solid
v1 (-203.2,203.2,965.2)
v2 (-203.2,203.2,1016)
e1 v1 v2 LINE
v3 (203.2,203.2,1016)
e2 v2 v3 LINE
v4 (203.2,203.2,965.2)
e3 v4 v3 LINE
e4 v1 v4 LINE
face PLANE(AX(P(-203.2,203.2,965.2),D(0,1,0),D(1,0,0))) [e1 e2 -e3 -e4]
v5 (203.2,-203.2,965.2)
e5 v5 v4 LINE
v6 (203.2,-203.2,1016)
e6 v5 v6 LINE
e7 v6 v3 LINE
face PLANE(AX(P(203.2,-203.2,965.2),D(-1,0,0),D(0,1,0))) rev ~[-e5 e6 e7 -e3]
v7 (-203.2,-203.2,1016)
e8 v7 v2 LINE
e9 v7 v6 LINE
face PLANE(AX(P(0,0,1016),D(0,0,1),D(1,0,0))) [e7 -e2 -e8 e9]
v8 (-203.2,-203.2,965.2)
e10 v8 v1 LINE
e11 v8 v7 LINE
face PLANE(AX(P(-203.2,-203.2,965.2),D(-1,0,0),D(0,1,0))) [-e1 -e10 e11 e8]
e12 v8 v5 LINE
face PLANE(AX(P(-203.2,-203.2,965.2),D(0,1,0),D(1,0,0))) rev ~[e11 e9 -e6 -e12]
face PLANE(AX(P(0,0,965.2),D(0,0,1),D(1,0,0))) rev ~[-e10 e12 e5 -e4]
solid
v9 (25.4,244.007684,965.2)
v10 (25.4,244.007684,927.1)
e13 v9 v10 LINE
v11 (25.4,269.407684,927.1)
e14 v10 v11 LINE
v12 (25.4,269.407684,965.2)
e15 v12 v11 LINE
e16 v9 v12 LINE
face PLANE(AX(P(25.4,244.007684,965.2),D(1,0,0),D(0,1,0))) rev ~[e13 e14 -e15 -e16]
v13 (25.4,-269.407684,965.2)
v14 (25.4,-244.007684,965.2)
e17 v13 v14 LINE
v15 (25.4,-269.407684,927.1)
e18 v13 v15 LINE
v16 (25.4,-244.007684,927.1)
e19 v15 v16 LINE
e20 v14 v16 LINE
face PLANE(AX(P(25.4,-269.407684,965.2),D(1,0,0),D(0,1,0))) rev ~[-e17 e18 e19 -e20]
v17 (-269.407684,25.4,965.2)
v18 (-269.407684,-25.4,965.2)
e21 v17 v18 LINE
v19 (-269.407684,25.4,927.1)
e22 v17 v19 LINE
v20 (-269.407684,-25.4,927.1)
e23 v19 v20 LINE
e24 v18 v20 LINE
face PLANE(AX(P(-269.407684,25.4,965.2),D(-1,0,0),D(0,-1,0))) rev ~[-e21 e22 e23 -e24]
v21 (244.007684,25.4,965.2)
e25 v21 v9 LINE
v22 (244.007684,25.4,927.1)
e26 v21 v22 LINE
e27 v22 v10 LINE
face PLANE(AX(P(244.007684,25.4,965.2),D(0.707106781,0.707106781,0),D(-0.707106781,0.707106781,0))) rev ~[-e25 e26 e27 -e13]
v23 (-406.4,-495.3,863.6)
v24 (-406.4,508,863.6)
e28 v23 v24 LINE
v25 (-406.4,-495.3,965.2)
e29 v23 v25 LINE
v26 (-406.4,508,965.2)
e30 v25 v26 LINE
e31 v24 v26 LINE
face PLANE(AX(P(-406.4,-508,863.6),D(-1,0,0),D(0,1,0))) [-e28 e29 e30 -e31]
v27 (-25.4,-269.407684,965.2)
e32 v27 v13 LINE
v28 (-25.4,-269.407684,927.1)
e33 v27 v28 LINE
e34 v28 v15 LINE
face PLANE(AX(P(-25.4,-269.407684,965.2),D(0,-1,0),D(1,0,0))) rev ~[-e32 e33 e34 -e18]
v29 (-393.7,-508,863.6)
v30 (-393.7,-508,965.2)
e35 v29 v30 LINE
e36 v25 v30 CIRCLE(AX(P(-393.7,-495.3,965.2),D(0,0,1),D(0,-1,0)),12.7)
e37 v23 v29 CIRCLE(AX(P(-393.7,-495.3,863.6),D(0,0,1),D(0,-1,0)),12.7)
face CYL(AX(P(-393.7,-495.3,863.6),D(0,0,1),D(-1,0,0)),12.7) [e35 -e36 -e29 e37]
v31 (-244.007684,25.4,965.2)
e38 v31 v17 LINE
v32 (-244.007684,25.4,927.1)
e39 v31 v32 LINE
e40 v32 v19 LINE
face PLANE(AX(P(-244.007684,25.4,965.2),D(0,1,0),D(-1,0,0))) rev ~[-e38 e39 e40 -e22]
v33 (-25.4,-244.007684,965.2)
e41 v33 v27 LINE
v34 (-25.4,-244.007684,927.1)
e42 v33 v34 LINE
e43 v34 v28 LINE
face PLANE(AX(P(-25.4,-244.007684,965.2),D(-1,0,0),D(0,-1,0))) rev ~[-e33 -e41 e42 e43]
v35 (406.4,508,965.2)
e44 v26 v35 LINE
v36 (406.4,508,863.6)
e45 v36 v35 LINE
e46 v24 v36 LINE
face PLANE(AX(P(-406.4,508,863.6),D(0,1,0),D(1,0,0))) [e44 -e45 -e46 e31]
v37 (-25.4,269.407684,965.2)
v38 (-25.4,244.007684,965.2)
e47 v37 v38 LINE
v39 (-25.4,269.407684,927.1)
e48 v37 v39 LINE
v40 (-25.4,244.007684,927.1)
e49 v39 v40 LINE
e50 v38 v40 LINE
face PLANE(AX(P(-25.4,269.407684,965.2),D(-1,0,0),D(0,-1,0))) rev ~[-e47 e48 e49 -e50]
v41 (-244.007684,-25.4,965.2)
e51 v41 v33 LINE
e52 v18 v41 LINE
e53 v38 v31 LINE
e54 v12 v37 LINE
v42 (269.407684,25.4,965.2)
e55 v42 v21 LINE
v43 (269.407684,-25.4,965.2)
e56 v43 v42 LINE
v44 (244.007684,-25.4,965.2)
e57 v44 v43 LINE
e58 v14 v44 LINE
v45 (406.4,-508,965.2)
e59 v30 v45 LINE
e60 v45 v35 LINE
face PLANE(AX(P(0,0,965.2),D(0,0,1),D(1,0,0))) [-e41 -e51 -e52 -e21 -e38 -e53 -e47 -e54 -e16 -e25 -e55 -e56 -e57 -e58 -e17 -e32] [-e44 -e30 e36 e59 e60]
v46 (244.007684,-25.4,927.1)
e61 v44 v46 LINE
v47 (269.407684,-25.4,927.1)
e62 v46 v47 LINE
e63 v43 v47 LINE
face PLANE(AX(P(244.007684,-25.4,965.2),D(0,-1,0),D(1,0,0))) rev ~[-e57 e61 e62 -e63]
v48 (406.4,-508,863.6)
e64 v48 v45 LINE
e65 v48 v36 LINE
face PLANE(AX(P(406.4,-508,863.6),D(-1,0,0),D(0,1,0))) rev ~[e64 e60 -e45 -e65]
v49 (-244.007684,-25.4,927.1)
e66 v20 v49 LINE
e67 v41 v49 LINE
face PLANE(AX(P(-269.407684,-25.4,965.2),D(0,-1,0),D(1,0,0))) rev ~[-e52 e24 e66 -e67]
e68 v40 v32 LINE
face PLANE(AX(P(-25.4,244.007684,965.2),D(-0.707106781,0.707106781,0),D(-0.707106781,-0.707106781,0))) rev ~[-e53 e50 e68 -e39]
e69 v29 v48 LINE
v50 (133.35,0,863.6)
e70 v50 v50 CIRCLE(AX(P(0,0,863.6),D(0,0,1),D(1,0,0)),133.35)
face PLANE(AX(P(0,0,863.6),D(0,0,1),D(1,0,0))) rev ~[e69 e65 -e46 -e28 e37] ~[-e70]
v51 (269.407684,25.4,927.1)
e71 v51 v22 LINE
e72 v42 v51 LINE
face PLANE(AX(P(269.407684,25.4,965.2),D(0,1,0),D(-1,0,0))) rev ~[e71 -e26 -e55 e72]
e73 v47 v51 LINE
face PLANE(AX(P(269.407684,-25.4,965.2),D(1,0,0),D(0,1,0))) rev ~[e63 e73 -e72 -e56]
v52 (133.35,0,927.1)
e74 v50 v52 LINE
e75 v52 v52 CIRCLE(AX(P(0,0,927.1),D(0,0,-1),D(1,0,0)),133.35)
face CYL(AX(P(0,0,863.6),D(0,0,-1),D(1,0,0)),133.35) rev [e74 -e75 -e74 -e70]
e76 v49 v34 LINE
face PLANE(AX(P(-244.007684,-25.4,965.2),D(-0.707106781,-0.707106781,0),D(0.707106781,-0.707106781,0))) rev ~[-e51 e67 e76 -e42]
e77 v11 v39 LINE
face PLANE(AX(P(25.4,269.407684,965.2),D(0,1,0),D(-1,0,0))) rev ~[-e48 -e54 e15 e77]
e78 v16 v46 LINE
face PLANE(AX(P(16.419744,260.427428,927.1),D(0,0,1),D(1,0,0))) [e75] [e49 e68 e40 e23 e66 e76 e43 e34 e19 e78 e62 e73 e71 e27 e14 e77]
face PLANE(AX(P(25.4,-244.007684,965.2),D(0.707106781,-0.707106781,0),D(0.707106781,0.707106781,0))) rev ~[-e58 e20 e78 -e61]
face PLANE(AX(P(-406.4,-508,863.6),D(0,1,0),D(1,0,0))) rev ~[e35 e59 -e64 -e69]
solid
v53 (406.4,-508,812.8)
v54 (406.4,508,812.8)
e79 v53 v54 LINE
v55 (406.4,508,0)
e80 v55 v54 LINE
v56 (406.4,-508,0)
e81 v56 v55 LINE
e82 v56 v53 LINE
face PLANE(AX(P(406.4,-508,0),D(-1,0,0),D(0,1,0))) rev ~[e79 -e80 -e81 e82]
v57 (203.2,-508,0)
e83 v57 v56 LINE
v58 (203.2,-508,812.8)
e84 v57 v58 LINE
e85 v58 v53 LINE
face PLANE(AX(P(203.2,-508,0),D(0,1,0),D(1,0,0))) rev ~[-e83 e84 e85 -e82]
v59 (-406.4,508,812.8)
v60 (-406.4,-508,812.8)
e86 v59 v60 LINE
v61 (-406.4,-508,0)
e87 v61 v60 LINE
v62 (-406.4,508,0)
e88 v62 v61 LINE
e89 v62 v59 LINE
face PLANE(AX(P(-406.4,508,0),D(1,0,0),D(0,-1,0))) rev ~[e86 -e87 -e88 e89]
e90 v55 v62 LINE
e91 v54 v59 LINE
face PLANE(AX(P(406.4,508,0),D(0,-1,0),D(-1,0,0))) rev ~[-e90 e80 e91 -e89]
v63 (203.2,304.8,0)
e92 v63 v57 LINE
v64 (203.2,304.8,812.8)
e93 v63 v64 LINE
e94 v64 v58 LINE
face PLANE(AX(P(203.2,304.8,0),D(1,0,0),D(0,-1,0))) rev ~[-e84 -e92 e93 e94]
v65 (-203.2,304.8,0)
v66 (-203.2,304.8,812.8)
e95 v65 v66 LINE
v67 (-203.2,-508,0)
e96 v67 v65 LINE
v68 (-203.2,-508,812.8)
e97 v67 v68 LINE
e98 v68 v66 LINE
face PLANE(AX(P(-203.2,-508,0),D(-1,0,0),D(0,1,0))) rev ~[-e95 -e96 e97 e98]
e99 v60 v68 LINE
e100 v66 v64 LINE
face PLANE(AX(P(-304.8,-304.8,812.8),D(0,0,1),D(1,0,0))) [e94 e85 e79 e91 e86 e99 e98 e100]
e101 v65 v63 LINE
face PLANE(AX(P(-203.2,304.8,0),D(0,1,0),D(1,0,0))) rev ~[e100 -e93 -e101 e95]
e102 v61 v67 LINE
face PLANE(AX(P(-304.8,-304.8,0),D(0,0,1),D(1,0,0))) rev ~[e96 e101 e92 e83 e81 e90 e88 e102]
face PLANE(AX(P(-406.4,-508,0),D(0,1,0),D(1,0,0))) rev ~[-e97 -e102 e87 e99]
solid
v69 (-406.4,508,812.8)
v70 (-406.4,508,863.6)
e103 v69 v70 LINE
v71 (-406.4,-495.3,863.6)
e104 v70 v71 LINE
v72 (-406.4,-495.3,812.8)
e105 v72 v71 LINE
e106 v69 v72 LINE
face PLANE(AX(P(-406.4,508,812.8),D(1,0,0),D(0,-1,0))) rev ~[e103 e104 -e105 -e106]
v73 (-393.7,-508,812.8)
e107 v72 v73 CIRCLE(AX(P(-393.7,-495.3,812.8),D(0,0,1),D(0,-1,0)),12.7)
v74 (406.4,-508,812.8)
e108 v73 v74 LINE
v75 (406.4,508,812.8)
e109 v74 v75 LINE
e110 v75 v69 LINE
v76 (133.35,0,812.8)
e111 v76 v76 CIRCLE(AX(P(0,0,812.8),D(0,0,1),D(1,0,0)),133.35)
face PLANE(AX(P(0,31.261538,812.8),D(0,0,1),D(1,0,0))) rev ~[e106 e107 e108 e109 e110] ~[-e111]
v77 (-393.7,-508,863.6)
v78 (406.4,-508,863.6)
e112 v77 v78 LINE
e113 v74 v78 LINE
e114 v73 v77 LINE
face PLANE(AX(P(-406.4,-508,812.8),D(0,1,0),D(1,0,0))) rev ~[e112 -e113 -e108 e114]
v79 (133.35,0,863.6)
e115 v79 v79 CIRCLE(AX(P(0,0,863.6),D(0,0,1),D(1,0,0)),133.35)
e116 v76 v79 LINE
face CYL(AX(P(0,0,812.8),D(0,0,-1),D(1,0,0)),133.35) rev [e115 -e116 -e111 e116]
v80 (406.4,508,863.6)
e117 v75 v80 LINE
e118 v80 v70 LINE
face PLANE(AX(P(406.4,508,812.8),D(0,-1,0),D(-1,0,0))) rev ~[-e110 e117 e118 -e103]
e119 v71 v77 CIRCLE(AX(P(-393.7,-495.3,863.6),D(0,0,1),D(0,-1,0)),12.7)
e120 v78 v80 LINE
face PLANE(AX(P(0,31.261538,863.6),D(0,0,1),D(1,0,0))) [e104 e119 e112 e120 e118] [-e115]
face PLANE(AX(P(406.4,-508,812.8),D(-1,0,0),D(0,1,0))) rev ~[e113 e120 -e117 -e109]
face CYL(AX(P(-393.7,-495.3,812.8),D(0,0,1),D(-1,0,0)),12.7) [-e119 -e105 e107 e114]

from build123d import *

# Parameters (mm, degrees)
F0_W     = 203.2
F0_H     = 406.4
F1_DEPTH = 812.8
F2_W     = 406.4
F2_H     = 812.8
F2_R     = 133.35
F3_DEPTH = 50.8
F4_W     = 812.8
F4_H     = 1016
F4_R     = 133.35
F5_DEPTH = 101.6
F6_W     = 406.4
F6_H     = 406.4
F6_R     = 133.35
F7_DEPTH = 50.8
F9_DEPTH = 38.1
F10_R    = 12.7
F11_R    = 12.7


with BuildPart() as f1:
    # F0 (on Top) → F1 (new body)
    with BuildSketch(Plane.XY):
        with Locations((-304.8, -304.8)):
            Rectangle(F0_W, F0_H)
        with Locations((-304.8, 101.6)):
            Rectangle(F0_W, F0_H)
        Polygon((0, 508), (-406.4, 508), (-406.4, 304.8), (-203.2, 304.8), (0, 304.8), align=None)
        Polygon((406.4, 508), (0, 508), (0, 304.8), (203.2, 304.8), (406.4, 304.8), align=None)
        with Locations((304.8, 101.6)):
            Rectangle(F0_W, F0_H)
        with Locations((304.8, -304.8)):
            Rectangle(F0_W, F0_H)
    extrude(amount=F1_DEPTH)


with BuildPart() as f3:
    # F2 (on face) → F3 (new body)
    with BuildSketch(Plane.XY.offset(812.8)):
        Polygon((406.4, 508), (-406.4, 508), (-406.4, -508), (-203.2, -508), (-203.2, 304.8), (203.2, 304.8), (203.2, -508), (406.4, -508), align=None)
        with Locations((0, -101.6)):
            Rectangle(F2_W, F2_H)
        Circle(F2_R, mode=Mode.SUBTRACT)
    extrude(amount=F3_DEPTH)

    # F10
    f10_edges = [f3.edges().sort_by_distance(p)[0] for p in [
        (-406.4, -508, 838.2),
    ]]
    fillet(f10_edges, radius=F10_R)


with BuildPart() as f5:
    # F4 (on face) → F5 (new body)
    with BuildSketch(Plane.XY.offset(863.6)):
        Rectangle(F4_W, F4_H)
        Circle(F4_R, mode=Mode.SUBTRACT)
    extrude(amount=F5_DEPTH)

    # F8 (on face) → F9 (cut)
    with BuildSketch(Plane.XY.offset(965.2)):
        Polygon((25.4, 269.4076836321), (0, 269.4076836321), (25.4, 244.0076836321), align=None)
        Polygon((25.4, 244.0076836321), (0, 269.4076836321), (-25.4, 244.0076836321), (-244.0076836321, 25.4), (-269.4076836321, 0), (-244.0076836321, -25.4), (-25.4, -244.0076836321), (0, -269.4076836321), (25.4, -244.0076836321), (244.0076836321, -25.4), (269.4076836321, 0), (244.0076836321, 25.4), align=None)
        Polygon((-25.4, 244.0076836321), (0, 269.4076836321), (-25.4, 269.4076836321), align=None)
        Polygon((269.4076836321, 25.4), (244.0076836321, 25.4), (269.4076836321, 0), align=None)
        Polygon((-269.4076836321, 0), (-244.0076836321, 25.4), (-269.4076836321, 25.4), align=None)
        Polygon((269.4076836321, -25.4), (269.4076836321, 0), (244.0076836321, -25.4), align=None)
        Polygon((-244.0076836321, -25.4), (-269.4076836321, 0), (-269.4076836321, -25.4), align=None)
        Polygon((25.4, -269.4076836321), (25.4, -244.0076836321), (0, -269.4076836321), align=None)
        Polygon((0, -269.4076836321), (-25.4, -244.0076836321), (-25.4, -269.4076836321), align=None)
    extrude(amount=-F9_DEPTH, mode=Mode.SUBTRACT)

    # F11
    f11_edges = [f5.edges().sort_by_distance(p)[0] for p in [
        (-406.4, -508, 914.4),
    ]]
    fillet(f11_edges, radius=F11_R)


with BuildPart() as f7:
    # F6 (on face) → F7 (new body)
    with BuildSketch(Plane.XY.offset(965.2)):
        Rectangle(F6_W, F6_H)
        Circle(F6_R, mode=Mode.SUBTRACT)
        Circle(F6_R)
    extrude(amount=F7_DEPTH)


solid = Compound([f1.part, f3.part, f5.part, f7.part])
